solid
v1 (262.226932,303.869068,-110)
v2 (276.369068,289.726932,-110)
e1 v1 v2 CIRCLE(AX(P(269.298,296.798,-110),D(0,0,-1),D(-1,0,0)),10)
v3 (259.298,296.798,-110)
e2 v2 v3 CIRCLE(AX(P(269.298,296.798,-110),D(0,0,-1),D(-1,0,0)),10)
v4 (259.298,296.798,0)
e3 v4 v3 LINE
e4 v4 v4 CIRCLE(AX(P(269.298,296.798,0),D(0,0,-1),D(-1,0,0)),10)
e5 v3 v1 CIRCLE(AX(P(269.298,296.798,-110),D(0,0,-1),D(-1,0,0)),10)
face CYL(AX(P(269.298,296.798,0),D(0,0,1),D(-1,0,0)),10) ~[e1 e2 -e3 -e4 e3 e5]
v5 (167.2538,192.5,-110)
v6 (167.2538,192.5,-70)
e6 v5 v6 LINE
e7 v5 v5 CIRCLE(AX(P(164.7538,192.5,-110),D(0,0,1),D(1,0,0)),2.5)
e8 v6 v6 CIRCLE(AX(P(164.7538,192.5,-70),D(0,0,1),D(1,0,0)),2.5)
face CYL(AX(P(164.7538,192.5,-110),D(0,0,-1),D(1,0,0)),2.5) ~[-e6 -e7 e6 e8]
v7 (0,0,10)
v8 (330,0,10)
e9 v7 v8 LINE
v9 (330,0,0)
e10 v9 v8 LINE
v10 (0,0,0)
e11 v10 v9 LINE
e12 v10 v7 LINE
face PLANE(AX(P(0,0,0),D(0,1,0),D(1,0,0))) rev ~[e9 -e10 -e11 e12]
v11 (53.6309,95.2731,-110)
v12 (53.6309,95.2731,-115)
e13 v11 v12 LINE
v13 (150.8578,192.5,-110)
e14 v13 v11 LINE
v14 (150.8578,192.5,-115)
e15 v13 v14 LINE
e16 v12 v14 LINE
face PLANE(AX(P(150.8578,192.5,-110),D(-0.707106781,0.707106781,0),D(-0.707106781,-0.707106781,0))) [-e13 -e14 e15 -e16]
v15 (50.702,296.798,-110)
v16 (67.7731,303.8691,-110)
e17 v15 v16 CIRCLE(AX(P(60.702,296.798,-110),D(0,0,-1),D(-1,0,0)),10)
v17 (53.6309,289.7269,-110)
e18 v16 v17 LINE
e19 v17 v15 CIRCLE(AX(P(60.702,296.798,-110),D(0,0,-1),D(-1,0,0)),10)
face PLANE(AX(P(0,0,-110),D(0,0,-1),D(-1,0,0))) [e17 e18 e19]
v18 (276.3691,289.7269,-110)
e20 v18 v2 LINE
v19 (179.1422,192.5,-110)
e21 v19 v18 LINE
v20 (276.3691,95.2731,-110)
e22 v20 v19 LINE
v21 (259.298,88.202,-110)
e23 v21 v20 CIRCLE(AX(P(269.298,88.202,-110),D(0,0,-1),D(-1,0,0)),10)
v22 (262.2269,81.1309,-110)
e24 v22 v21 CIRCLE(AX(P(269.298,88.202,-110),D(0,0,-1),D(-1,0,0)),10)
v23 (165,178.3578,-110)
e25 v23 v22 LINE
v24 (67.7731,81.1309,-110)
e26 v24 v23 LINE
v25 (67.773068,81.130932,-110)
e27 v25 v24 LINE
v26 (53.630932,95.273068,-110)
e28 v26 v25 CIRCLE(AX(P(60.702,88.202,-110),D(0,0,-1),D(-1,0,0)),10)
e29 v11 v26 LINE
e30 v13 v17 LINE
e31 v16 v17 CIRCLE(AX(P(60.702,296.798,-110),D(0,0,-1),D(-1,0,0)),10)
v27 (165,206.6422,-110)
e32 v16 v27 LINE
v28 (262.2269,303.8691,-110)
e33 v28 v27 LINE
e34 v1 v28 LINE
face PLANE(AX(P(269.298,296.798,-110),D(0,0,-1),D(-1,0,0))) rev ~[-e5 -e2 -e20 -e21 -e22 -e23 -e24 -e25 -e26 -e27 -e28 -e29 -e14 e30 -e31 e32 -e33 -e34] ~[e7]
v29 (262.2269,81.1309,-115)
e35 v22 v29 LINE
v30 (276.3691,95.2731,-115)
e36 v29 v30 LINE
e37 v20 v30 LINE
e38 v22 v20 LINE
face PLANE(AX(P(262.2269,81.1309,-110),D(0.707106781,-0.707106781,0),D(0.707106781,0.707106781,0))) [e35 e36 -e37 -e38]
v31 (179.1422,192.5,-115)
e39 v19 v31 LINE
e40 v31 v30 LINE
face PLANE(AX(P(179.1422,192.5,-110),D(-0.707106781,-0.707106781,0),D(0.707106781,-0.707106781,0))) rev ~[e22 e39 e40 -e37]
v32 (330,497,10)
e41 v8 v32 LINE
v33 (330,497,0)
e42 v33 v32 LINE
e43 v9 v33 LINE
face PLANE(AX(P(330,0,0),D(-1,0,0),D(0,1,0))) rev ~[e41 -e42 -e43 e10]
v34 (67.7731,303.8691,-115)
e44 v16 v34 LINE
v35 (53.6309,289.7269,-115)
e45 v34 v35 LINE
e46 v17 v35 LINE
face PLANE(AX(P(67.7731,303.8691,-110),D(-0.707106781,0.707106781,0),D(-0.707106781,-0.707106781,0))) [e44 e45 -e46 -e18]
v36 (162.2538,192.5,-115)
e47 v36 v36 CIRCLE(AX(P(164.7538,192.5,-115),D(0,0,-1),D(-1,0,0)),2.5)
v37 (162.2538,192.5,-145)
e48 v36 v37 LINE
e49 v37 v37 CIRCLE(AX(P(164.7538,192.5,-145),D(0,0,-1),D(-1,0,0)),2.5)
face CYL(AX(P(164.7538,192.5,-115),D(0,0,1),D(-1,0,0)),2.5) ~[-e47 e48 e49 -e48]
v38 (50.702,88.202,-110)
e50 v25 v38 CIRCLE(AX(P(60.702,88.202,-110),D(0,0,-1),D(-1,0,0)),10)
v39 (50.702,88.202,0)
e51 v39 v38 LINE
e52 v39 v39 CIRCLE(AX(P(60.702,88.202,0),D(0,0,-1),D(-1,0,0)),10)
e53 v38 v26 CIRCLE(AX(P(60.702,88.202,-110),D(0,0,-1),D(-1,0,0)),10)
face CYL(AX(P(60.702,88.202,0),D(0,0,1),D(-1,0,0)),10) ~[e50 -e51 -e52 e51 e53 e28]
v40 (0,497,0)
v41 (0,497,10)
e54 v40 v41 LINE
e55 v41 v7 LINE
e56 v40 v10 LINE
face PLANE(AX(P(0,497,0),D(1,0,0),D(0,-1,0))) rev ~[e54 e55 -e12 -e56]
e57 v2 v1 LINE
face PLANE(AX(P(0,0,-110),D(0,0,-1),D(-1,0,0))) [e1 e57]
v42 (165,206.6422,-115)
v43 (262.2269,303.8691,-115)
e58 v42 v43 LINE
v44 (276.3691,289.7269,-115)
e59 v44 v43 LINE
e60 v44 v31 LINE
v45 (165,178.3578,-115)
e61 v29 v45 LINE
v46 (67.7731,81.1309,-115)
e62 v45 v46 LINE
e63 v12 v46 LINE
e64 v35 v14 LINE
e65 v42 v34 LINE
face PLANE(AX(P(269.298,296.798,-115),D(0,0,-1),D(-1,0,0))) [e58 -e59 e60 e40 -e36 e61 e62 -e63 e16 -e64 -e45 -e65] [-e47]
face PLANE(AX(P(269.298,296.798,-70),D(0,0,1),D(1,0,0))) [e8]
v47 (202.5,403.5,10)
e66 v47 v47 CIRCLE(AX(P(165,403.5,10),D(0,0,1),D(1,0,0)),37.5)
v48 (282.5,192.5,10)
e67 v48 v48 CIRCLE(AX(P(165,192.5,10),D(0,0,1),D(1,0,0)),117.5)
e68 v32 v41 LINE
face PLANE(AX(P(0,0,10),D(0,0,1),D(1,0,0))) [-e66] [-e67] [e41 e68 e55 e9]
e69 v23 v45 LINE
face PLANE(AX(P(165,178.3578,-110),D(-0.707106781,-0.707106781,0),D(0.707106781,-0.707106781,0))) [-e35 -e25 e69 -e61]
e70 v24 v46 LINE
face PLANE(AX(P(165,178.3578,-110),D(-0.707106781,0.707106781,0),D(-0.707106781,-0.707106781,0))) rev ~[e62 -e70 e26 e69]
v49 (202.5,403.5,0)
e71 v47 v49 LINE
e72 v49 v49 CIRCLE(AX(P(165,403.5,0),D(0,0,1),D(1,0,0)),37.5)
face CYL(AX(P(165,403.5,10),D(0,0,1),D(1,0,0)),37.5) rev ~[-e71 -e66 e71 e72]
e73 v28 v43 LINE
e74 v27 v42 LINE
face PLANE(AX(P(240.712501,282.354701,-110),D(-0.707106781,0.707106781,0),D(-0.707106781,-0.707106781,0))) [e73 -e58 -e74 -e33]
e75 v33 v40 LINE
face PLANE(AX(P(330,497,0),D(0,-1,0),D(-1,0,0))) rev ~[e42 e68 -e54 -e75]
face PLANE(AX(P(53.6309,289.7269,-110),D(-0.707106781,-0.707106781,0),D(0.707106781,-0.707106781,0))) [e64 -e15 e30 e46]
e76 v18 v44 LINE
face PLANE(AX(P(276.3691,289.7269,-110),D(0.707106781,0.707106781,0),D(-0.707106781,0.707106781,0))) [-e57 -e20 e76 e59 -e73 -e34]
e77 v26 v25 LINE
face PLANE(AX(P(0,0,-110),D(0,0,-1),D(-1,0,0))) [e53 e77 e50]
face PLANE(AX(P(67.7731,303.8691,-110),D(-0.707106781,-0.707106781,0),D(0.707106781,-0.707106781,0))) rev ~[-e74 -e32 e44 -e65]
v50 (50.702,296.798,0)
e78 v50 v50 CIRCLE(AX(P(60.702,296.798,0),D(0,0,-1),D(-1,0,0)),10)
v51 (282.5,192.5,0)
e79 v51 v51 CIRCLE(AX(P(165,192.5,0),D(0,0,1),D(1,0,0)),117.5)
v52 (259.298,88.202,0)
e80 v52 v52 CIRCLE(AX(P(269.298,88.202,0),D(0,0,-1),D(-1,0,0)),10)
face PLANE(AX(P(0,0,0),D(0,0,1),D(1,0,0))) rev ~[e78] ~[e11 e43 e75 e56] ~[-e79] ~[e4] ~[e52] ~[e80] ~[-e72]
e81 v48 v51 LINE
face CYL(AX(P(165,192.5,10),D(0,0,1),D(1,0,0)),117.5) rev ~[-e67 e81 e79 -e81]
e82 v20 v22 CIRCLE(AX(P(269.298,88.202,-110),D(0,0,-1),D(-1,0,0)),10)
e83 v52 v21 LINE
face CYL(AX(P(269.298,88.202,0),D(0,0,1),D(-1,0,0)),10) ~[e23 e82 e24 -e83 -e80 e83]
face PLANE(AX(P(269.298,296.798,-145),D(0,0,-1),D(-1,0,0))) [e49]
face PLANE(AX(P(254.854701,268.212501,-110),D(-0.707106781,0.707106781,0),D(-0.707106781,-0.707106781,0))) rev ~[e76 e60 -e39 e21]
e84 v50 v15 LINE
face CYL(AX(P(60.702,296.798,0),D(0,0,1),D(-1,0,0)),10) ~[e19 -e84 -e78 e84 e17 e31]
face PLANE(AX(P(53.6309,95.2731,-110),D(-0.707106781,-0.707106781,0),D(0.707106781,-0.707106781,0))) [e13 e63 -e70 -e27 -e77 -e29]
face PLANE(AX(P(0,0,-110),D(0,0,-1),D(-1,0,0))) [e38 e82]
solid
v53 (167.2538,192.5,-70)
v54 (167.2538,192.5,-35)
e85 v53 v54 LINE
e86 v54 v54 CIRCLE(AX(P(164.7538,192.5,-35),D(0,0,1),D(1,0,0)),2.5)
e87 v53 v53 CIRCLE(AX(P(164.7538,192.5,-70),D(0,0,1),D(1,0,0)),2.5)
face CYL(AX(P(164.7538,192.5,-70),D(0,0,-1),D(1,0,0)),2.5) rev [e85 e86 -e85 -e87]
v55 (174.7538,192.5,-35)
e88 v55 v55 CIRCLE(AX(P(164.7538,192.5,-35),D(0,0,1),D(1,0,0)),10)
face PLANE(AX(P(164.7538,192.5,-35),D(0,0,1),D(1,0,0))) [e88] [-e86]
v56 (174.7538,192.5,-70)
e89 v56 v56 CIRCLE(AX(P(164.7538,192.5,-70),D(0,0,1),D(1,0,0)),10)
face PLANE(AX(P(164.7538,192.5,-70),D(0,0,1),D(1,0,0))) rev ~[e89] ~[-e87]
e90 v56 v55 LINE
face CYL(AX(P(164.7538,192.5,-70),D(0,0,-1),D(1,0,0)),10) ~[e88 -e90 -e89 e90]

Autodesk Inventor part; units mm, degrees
ref_plane "YZ Plane" through (0, 0, 0) normal (1, 0, 0) x (0, 1, 0)
ref_plane "XZ Plane" through (0, 0, 0) normal (0, 1, 0) x (-1, 0, 0)
ref_plane "XY Plane" through (0, 0, 0) normal (0, 0, 1) x (1, 0, 0)
sketch "Sketch1" plane through (0, 0, 0) normal (0, 0, 1) x (1, 0, 0)
  line L0 (0, 0) -> (330, 0)
  line L1 (330, 0) -> (330, 497)
  line L2 (330, 497) -> (0, 497)
  line L3 (0, 497) -> (0, 0)
  dimension "d0" = 330
  dimension "d1" = 497
extrude "Extrusion1" add sketch "Sketch1" along normal blind 10
sketch "Sketch2" plane through (0, 0, 10) normal (0, 0, 1) x (1, 0, 0)
  circle A0 centre (165, 192.5) radius 117.5
  point P0 (0, 0)
  dimension "d4" = 235
extrude "Extrusion2" cut sketch "Sketch2" against normal blind 10
sketch "Sketch3" plane through (0, 0, 10) normal (0, 0, 1) x (1, 0, 0)
  circle A0 centre (165, 403.5) radius 37.5
  point P0 (0, 0)
  dimension "d7" = 75
extrude "Extrusion3" cut sketch "Sketch3" against normal blind 10
sketch "Sketch4" plane through (0, 0, 0) normal (0, 0, -1) x (-1, 0, 0)
  circle A0 centre (-269.298, 296.798) radius 10
  circle A1 centre (-165, 192.5) radius 117.5 projected
  circle A2 centre (-269.298, 88.202) radius 10
  circle A3 centre (-60.702, 88.202) radius 10
  circle A4 centre (-60.702, 296.798) radius 10
  point P0 (0, 0)
  dimension "d10" = 20
  dimension "d13" = 360
extrude "Extrusion4" add sketch "Sketch4" along normal blind 110 contours A0 | A2 | A3 | A4
sketch "Sketch5" plane through (269.298, 296.798, -110) normal (0, 0, -1) x (-1, 0, 0)
  circle A0 centre (208.596, 0) radius 10 projected
  circle A1 centre (0, -208.596) radius 10 projected
  line L0 (215.6671, -7.0711) -> (7.0711, -215.6671)
  line L1 (201.5249, 7.0711) -> (-7.0711, -201.5249)
  line L2 (7.0711, -215.6671) -> (-7.0711, -201.5249)
  line L3 (201.5249, 7.0711) -> (215.6671, -7.0711)
  circle A2 centre (104.298, -104.298) radius 117.5 projected
  line L4 (7.0711, 7.0711) -> (215.6671, -201.5249)
  line L5 (215.6671, -201.5249) -> (201.5249, -215.6671)
  line L6 (-7.0711, -7.0711) -> (201.5249, -215.6671)
  line L7 (-7.0711, -7.0711) -> (7.0711, 7.0711)
  point P0 (269.298, -296.798)
  point P1 (90.1559, -104.298)
  point P2 (-7.0711, -201.5249)
  point P3 (7.0711, -215.6671)
  point P4 (104.298, -118.4401)
  point P5 (118.4401, -104.298)
  point P6 (215.6671, -7.0711)
  point P7 (104.298, -90.1559)
  point P8 (-7.0711, -201.5249)
  point P9 (7.0711, -215.6671)
  dimension "d21" = 90
extrude "Extrusion5" add sketch "Sketch5" along normal blind 5 contours L3 A0 | A0 L0 A2 L1 | A2 L0 L4 L1 | L4 L0 L6 L1 | L1 L6 A2 L4 | A2 L6 L7 L4 | L4 A2 L6 L0 | L6 L0 A2 L1 | L4 L5 L6 A2 | A2 L0 A1 L1 | A1 L2 picked at (207.6691, -4.4554) picked at (2.263, -203.9854)
sketch "Sketch7" plane through (269.298, 296.798, -115) normal (0, 0, -1) x (-1, 0, 0)
  line L0 (90.1559, -104.298) -> (-7.0711, -201.5249) projected
  circle A0 centre (104.5442, -104.298) radius 2.5
  point P0 (269.298, -296.798)
  point P1 (104.298, -118.4401)
  point P2 (104.298, -90.1559)
  dimension "d25" = 5
extrude "Extrusion6" add sketch "Sketch7" along normal blind 30
sketch "Sketch8" plane through (269.298, 296.798, -110) normal (0, 0, 1) x (1, 0, 0)
  circle A0 centre (-104.5442, -104.298) radius 2.5 projected
  circle A1 centre (-104.5442, -104.298) radius 2.5
  point P0 (-269.298, -296.798)
extrude "Extrusion7" add sketch "Sketch8" along normal blind 40
sketch "Sketch9" plane through (164.7538, 192.5, -70) normal (0, 0, 1) x (1, 0, 0)
  circle A0 centre (0, 0) radius 2.5 projected
  circle A1 centre (0, 0) radius 10
  point P0 (-164.7538, -192.5)
  dimension "d30" = 20
extrude "Extrusion8" add sketch "Sketch9" along normal blind 35
properties part number "box_cover"
